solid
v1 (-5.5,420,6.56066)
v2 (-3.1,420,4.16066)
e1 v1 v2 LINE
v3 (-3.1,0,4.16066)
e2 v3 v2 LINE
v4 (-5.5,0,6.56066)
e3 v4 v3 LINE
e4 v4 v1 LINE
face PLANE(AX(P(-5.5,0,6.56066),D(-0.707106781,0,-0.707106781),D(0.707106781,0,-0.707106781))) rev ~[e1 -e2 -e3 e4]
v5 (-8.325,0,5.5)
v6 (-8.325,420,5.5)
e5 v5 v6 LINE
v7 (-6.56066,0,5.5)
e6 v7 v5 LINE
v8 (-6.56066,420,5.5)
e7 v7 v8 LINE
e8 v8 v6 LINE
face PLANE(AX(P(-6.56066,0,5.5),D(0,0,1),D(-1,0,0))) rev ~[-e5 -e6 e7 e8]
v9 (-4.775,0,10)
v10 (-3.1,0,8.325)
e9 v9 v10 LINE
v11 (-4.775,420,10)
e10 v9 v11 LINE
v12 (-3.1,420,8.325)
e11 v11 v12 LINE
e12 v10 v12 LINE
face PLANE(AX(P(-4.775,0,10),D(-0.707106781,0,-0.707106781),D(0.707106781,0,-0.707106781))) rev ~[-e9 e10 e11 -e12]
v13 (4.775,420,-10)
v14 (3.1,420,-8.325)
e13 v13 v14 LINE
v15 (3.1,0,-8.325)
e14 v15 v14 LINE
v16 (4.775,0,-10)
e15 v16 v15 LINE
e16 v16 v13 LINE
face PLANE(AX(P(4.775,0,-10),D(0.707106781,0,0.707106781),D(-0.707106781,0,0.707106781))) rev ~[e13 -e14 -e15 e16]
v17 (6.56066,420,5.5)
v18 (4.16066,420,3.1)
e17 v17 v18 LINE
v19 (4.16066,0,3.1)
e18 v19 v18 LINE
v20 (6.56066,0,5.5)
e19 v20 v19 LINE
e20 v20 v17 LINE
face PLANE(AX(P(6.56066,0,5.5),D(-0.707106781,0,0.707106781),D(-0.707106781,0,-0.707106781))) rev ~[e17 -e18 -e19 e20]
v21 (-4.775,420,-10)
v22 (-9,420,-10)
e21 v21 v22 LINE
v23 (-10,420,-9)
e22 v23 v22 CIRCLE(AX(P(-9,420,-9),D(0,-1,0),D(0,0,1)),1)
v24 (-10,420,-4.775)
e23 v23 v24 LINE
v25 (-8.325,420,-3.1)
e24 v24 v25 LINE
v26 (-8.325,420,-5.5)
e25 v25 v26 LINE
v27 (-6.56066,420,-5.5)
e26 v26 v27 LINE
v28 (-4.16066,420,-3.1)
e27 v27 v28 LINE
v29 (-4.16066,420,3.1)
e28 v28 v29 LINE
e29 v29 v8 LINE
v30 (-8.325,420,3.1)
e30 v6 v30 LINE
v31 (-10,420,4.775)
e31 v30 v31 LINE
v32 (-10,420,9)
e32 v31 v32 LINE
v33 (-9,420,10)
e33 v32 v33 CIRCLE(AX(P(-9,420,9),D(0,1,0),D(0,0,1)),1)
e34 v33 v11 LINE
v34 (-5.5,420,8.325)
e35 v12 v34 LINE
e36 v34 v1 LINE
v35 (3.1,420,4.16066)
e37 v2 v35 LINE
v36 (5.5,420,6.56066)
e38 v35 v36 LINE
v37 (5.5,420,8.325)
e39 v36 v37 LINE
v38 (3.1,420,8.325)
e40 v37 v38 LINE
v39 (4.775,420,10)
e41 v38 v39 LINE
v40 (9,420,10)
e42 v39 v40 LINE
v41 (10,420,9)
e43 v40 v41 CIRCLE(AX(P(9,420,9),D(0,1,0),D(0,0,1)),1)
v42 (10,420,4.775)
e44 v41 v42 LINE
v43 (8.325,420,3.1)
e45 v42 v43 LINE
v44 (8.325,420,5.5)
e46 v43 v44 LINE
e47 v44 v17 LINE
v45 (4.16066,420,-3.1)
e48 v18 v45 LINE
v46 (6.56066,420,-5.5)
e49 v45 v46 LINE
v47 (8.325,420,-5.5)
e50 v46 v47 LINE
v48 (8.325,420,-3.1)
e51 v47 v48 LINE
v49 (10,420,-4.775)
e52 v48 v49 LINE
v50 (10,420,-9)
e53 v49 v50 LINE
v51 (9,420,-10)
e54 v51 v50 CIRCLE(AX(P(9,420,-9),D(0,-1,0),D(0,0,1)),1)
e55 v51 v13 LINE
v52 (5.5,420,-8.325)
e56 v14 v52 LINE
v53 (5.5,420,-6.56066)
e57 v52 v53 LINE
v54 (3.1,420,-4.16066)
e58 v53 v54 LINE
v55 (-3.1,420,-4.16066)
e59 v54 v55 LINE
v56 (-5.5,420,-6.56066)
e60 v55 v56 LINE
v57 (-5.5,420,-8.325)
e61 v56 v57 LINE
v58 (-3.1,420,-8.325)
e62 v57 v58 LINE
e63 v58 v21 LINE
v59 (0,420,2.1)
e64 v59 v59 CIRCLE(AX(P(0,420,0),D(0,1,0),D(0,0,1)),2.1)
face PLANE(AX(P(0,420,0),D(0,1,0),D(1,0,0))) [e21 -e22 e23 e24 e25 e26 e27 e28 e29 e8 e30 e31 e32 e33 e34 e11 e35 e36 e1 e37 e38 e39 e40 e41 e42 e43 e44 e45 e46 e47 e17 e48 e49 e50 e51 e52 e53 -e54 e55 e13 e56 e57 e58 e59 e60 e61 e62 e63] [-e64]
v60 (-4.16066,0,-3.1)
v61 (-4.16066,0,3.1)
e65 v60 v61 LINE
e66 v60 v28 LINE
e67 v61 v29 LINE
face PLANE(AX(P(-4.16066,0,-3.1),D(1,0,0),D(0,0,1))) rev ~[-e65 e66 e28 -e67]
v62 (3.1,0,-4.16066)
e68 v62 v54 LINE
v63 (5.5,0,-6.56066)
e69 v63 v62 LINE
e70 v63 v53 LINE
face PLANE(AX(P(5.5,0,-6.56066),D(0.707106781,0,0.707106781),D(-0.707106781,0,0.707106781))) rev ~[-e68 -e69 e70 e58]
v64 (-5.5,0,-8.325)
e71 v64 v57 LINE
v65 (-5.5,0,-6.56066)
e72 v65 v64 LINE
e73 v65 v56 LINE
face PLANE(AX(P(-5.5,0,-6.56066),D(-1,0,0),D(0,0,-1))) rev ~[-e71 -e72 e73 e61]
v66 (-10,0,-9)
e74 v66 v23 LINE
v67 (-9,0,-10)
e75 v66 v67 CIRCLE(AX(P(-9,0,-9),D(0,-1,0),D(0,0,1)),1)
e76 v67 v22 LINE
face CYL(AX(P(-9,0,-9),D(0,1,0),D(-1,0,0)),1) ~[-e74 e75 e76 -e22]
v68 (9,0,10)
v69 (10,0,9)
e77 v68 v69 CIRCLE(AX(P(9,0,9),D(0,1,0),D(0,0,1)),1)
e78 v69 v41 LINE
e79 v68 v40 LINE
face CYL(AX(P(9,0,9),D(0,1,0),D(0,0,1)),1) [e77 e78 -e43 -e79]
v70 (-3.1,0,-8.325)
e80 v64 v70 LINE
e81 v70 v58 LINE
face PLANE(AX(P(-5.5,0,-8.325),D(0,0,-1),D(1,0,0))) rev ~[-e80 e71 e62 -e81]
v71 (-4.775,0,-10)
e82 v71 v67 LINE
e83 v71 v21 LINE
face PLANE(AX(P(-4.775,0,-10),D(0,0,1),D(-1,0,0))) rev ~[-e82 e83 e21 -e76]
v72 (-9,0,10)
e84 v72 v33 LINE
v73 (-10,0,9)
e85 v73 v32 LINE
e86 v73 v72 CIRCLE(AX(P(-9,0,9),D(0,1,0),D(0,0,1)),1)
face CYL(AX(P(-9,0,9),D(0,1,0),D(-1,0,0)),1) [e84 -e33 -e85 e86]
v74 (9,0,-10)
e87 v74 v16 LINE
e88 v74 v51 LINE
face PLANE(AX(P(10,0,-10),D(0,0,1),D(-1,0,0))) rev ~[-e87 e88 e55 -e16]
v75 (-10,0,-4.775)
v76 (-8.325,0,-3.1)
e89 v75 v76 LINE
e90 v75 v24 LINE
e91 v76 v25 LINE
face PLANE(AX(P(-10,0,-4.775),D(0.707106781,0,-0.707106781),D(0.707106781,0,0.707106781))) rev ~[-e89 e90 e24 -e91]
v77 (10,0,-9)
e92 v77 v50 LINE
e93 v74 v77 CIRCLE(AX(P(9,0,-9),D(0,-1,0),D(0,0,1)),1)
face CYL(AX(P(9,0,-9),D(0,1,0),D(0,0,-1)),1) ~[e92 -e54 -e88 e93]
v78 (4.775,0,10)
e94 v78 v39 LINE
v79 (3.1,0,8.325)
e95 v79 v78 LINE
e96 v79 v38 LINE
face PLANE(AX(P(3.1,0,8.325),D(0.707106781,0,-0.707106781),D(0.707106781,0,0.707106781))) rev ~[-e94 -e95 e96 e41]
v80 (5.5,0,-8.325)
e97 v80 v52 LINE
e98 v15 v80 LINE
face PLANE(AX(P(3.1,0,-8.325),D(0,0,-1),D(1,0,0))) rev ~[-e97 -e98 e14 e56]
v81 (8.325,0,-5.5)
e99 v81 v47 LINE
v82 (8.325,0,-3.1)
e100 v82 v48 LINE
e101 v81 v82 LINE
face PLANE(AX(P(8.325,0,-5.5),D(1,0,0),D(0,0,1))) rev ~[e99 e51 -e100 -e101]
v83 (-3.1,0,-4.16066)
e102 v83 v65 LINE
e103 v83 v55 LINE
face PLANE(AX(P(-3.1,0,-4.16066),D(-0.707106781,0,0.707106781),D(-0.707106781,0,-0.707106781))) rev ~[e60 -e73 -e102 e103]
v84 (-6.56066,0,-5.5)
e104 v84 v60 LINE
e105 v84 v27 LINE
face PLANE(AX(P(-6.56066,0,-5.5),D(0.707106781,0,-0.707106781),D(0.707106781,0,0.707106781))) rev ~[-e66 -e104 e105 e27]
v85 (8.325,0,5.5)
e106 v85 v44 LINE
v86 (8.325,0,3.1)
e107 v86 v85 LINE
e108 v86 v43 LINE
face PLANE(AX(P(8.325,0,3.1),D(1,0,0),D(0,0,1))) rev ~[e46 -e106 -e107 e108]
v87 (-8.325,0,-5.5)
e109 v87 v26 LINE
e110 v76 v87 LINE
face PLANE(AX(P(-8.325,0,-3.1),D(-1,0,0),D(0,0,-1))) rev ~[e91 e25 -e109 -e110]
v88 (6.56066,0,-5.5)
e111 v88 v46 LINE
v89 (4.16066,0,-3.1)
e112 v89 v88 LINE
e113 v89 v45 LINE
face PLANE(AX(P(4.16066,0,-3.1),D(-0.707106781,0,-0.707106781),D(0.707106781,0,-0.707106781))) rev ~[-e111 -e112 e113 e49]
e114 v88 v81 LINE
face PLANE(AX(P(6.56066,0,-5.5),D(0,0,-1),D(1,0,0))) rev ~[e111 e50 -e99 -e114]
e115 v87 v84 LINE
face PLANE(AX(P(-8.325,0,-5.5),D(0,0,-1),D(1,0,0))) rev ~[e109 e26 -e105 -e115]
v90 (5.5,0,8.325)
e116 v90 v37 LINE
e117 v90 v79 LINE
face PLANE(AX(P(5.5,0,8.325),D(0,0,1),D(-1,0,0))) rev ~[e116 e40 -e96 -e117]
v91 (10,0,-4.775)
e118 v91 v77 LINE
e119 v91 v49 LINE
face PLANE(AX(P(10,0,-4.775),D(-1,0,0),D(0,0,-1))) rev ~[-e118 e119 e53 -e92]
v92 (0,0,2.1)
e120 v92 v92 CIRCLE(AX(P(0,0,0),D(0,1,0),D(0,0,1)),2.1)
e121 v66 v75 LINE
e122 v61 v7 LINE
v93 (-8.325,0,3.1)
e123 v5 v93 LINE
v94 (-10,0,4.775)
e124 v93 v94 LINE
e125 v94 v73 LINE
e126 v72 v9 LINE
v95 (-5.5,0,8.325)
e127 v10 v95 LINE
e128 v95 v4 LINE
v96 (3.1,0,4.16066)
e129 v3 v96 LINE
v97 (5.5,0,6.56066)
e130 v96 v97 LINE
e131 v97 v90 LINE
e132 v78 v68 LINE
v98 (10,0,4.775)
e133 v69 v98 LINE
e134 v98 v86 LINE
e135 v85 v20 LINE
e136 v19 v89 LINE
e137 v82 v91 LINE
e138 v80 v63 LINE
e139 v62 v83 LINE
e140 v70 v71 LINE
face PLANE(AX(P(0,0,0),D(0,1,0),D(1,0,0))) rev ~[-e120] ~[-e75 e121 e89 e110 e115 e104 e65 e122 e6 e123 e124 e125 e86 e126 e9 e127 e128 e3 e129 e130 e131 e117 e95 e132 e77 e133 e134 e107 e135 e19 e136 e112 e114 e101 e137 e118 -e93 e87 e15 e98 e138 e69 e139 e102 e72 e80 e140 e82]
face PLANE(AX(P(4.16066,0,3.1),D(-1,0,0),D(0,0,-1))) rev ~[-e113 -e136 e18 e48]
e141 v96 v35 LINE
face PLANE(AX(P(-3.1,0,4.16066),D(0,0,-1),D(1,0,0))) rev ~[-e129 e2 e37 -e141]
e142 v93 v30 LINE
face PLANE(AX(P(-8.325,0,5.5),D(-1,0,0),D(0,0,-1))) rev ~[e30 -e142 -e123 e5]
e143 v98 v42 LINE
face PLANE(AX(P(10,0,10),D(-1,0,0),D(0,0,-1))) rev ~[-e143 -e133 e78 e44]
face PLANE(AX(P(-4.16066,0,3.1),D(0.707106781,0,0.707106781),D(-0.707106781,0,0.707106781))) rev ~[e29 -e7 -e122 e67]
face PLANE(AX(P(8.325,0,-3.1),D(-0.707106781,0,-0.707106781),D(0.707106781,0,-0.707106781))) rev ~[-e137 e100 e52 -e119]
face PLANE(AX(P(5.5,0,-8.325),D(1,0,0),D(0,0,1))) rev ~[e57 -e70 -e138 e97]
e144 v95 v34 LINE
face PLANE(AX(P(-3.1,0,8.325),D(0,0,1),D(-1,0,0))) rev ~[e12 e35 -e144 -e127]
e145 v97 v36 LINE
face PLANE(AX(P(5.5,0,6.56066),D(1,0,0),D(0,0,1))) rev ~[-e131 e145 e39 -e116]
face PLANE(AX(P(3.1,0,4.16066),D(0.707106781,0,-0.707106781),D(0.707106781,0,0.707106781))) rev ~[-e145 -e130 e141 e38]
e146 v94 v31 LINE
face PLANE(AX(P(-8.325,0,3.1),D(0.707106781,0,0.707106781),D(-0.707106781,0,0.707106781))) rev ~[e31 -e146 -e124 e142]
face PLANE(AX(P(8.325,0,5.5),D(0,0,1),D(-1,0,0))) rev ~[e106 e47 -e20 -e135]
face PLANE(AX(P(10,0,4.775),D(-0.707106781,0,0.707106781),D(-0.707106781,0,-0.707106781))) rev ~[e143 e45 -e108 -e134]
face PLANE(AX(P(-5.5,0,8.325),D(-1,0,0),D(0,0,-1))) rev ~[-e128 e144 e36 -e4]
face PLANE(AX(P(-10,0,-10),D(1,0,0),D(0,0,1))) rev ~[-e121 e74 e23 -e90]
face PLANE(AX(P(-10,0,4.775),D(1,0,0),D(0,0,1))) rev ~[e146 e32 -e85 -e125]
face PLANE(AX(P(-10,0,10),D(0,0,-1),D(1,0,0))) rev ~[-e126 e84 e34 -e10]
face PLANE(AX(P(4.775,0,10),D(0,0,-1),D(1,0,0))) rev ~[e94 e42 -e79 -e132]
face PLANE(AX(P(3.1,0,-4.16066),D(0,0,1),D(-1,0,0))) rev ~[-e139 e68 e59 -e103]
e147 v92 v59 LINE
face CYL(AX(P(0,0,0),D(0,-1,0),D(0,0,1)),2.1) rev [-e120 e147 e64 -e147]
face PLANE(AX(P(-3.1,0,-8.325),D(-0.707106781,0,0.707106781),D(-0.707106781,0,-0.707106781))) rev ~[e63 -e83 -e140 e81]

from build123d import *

# Parameters (mm, degrees)
MASTERLAYOUTSKETCH_R = 2.1
MAIN_EXTRUSION_DEPTH = 420
EDGE_FILLETS_R       = 1


with BuildPart() as part:
    # MasterLayoutSketch → Main Extrusion (new body)
    with BuildSketch(Plane(origin=(0, 0, 0), x_dir=(1, 0, 0), z_dir=(0, 1, 0))):
        Polygon((-8.325, 3.1), (-8.325, 5.5), (-6.560660172, 5.5), (-4.160660172, 3.1), (-4.160660172, -3.1), (-6.560660172, -5.5), (-8.325, -5.5), (-8.325, -3.1), (-10, -4.775), (-10, -10), (-4.775, -10), (-3.1, -8.325), (-5.5, -8.325), (-5.5, -6.560660172), (-3.1, -4.160660172), (3.1, -4.160660172), (5.5, -6.560660172), (5.5, -8.325), (3.1, -8.325), (4.775, -10), (10, -10), (10, -4.775), (8.325, -3.1), (8.325, -5.5), (6.560660172, -5.5), (4.160660172, -3.1), (4.160660172, 3.1), (6.560660172, 5.5), (8.325, 5.5), (8.325, 3.1), (10, 4.775), (10, 10), (4.775, 10), (3.1, 8.325), (5.5, 8.325), (5.5, 6.560660172), (3.1, 4.160660172), (-3.1, 4.160660172), (-5.5, 6.560660172), (-5.5, 8.325), (-3.1, 8.325), (-4.775, 10), (-10, 10), (-10, 4.775), align=None)
        with Locations(Location((0, 0, 0), (0, 0, 270))):
            Circle(MASTERLAYOUTSKETCH_R, mode=Mode.SUBTRACT)
    extrude(amount=MAIN_EXTRUSION_DEPTH)

    # Edge Fillets
    edge_fillets_edges = [part.edges().sort_by_distance(p)[0] for p in [
        (10, 210, -10),
        (10, 210, 10),
        (-10, 210, 10),
        (-10, 210, -10),
    ]]
    fillet(edge_fillets_edges, radius=EDGE_FILLETS_R)


solid = part.part
